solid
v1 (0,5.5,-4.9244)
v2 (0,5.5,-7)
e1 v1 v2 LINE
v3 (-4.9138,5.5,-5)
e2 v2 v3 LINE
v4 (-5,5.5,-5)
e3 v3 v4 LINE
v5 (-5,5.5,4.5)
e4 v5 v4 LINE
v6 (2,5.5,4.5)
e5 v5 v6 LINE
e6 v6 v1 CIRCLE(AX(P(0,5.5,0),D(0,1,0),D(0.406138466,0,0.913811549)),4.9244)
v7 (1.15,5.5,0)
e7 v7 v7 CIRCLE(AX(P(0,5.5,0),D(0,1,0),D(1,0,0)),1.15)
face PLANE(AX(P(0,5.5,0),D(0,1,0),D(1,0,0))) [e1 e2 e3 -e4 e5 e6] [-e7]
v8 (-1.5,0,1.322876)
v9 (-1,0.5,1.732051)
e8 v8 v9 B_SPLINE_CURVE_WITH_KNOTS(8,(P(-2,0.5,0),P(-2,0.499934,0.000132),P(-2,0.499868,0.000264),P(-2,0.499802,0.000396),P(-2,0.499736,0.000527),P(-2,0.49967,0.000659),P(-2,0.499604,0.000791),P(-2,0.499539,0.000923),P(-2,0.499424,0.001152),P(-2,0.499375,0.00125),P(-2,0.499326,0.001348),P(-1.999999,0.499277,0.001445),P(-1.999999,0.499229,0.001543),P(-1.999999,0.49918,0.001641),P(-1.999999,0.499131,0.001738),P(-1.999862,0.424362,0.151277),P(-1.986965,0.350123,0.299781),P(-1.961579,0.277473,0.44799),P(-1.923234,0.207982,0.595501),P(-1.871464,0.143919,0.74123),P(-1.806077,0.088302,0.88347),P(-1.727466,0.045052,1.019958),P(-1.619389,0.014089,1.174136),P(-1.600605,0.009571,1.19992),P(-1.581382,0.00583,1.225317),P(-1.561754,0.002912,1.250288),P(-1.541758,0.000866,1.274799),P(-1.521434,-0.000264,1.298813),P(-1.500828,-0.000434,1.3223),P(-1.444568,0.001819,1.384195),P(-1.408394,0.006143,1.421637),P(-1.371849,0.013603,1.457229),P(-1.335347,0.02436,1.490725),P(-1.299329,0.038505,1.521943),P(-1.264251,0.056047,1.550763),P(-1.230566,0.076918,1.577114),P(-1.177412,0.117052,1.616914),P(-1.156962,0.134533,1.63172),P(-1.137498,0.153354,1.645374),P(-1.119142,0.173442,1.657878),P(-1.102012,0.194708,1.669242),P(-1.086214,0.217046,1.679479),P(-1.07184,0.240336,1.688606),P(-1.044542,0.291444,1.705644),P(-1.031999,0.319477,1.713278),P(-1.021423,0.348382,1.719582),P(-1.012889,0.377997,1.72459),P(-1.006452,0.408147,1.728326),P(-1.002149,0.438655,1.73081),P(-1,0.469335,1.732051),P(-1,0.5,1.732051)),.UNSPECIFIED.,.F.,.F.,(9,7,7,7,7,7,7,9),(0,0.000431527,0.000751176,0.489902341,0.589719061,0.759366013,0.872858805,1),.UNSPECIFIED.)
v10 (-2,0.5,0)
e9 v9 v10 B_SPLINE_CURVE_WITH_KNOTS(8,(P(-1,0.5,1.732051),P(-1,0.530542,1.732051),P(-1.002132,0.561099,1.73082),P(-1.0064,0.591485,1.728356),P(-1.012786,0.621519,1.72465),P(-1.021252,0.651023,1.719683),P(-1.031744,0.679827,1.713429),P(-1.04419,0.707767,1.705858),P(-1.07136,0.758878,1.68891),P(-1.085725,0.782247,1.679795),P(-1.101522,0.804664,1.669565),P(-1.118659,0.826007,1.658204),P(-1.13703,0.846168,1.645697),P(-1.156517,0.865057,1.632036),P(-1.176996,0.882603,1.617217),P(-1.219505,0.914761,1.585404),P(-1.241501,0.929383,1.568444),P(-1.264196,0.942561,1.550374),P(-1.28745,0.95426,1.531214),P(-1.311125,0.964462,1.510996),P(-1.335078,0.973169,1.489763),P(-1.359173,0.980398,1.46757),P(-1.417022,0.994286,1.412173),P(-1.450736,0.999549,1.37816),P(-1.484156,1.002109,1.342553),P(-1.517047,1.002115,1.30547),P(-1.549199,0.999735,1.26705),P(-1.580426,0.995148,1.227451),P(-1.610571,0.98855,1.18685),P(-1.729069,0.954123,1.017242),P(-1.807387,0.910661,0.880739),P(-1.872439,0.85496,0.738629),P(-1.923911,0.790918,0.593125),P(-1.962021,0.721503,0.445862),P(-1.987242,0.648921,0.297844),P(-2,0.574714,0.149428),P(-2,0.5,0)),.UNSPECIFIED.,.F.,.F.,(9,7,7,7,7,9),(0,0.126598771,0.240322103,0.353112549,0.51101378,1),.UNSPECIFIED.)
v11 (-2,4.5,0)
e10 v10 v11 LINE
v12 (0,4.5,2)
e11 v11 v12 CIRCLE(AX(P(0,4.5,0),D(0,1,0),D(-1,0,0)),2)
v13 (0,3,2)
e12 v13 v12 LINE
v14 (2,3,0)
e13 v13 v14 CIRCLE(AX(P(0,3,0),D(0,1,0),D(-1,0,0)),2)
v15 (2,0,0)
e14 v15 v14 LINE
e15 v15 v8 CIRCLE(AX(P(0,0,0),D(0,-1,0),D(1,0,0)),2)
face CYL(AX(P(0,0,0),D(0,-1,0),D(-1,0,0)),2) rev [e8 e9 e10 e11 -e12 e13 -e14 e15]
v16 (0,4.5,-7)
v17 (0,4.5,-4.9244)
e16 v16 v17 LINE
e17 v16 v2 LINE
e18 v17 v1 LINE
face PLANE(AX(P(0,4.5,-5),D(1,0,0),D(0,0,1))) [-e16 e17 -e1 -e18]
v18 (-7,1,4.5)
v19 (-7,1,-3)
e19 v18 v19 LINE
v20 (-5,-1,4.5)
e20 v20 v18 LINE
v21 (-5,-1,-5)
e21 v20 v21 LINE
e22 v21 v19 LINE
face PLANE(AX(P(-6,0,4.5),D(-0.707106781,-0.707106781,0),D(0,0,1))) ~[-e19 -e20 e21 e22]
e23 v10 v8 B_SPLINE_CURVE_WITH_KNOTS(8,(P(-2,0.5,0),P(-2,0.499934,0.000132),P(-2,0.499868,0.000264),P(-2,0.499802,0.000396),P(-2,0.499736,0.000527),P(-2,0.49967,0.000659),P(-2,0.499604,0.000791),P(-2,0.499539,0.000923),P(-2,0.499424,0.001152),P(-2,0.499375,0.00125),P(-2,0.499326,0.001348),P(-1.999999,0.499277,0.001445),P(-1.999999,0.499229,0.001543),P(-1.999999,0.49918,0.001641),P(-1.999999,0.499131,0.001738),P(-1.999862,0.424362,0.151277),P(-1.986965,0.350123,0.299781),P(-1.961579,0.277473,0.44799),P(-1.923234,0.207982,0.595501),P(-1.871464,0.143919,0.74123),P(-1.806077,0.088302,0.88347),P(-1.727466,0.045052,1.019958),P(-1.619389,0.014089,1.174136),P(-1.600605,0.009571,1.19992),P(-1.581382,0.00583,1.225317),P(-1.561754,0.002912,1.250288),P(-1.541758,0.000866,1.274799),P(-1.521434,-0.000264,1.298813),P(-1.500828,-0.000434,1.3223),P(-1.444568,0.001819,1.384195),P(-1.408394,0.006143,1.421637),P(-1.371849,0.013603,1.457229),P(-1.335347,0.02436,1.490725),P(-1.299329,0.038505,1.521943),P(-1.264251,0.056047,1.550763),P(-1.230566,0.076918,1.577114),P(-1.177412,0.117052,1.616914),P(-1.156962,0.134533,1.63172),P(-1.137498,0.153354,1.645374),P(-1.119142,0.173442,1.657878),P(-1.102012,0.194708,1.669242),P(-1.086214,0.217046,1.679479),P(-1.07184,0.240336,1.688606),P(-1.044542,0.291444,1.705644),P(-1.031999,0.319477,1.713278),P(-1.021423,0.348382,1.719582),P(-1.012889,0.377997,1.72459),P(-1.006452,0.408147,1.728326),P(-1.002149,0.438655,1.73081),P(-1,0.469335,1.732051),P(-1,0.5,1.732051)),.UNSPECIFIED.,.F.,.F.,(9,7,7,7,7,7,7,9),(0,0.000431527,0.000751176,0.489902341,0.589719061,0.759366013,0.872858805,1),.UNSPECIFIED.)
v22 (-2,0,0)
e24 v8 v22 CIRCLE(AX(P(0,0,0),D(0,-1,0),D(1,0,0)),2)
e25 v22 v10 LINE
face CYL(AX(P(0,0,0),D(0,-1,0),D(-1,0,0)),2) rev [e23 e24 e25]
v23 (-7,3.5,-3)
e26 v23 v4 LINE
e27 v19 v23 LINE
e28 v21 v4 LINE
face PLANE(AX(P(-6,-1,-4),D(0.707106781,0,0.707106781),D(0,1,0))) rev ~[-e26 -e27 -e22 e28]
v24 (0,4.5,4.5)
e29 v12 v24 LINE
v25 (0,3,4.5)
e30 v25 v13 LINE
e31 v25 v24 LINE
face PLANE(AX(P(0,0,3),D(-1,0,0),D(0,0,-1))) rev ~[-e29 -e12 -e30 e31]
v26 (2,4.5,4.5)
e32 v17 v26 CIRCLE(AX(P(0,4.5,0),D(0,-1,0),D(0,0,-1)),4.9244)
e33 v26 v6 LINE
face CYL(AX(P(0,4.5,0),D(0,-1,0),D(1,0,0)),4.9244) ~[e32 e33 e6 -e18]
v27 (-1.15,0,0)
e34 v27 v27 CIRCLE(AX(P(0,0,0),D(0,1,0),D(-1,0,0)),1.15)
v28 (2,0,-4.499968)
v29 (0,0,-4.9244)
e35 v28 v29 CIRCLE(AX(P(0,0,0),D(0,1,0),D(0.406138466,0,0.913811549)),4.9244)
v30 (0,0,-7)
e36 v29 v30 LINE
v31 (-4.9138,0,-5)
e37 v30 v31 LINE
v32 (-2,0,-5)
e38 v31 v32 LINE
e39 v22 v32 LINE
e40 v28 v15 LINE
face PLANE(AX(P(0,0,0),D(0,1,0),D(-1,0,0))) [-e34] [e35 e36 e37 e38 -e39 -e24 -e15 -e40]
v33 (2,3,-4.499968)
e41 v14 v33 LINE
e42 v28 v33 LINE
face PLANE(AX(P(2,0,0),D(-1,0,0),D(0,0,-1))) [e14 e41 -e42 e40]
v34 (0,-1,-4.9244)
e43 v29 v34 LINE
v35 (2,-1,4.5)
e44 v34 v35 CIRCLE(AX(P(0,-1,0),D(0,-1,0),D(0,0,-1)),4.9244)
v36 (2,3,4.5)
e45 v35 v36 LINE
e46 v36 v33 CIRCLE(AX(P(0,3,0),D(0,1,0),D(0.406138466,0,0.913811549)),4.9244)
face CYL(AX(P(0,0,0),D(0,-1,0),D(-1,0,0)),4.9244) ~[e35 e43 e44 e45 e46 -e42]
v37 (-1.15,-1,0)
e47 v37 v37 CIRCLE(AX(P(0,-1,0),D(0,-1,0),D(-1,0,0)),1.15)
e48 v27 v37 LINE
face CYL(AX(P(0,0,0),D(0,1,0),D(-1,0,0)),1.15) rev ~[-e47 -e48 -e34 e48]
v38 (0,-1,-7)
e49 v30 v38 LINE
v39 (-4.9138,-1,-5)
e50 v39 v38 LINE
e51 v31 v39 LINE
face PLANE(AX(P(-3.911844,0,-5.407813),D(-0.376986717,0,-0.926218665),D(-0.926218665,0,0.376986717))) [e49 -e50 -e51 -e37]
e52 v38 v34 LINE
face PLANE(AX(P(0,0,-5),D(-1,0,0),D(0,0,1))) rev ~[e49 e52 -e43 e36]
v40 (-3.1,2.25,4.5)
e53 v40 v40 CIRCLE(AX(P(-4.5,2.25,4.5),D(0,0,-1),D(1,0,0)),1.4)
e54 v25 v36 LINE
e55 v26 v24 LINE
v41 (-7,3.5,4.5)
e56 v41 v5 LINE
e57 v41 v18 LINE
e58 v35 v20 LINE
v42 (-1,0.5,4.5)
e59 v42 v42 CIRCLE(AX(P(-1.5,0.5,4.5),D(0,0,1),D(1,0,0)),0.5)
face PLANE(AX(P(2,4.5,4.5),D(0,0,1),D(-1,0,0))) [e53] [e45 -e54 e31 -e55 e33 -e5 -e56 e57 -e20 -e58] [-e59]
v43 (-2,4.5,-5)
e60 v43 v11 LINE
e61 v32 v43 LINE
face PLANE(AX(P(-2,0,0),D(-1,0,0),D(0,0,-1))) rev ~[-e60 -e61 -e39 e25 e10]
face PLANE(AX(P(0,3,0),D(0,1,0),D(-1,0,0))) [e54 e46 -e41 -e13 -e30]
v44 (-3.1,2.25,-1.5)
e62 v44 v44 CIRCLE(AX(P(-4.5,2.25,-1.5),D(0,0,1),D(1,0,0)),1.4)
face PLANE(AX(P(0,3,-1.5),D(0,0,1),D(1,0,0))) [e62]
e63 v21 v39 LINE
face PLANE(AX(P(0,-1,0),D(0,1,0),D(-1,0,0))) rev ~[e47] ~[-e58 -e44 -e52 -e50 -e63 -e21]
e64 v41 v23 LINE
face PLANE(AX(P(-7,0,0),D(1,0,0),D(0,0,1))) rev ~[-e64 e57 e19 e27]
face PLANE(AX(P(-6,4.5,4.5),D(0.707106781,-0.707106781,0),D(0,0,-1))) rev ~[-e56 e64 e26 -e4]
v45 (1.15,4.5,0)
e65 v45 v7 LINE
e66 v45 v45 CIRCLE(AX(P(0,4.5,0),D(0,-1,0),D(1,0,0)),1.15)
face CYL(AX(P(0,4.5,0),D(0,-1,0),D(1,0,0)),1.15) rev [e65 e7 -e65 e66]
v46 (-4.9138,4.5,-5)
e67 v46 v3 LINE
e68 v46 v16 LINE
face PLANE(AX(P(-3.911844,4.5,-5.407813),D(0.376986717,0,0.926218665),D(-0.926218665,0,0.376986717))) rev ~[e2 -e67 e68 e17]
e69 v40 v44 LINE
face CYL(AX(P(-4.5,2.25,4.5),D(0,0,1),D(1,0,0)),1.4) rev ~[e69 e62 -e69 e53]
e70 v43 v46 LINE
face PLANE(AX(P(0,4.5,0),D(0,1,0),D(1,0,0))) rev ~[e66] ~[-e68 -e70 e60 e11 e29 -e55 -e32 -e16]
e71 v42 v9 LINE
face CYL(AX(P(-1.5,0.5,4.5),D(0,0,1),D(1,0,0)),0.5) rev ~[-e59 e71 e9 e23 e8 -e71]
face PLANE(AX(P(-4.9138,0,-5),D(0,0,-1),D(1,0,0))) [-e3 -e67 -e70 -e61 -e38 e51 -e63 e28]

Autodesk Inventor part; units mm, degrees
ref_plane "YZ Plane" through (0, 0, 0) normal (1, 0, 0) x (0, 1, 0)
ref_plane "XZ Plane" through (0, 0, 0) normal (0, 1, 0) x (-1, 0, 0)
ref_plane "XY Plane" through (0, 0, 0) normal (0, 0, 1) x (1, 0, 0)
sketch "スケッチ1" plane through (0, 0, 0) normal (0, 1, 0) x (-1, 0, 0)
  circle A0 centre (0, 0) radius 1.15
  circle A1 centre (0, 0) radius 2
  circle A2 centre (0, 0) radius 5
  line L0 (0, 0) -> (7, 0)
  line L1 (7, 0) -> (7, 4.5)
  line L2 (7, 4.5) -> (0, 4.5)
  line L3 (0, 4.5) -> (0, 0)
  line L4 (0, 0) -> (7, 0)
  line L5 (7, 0) -> (7, -5)
  line L6 (7, -5) -> (0, -5)
  line L7 (0, -5) -> (0, 0)
  line L8 (0, 4.5) -> (-2, 4.5)
  line L9 (-2, 4.5) -> (-2, 0)
  line L10 (-2, 0) -> (0, 0)
  line L11 (0, 0) -> (0, 4.5)
  circle A3 centre (0, 0) radius 3
  line L12 (-2, 0) -> (-2, -5)
  line L13 (-2, -5) -> (0, -5)
  line L14 (2, 0) -> (2, -5)
  circle A4 centre (0, 0) radius 4.9244
  line L15 (-2, 0) -> (-4.9244, 0)
  line L16 (0, -4.9244) -> (0, -5.9244)
  line L17 (0, -5.9244) -> (7, -5.9244)
  line L18 (7, -5.9244) -> (7, -5)
  line L19 (7, -5) -> (0, -5.9244)
  line L20 (0, -5.9244) -> (4.9138, -5)
  line L21 (0, -5) -> (0, -7)
  line L22 (0, -7) -> (4.9138, -5)
  point P0 (0, 2)
  point P1 (-2, 2.2361)
  point P2 (-2, -2.2361)
  point P3 (-2, -4.5826)
  point P4 (-2, -4.5)
  point P5 (0, -4.9244)
  dimension "d2" = 10
  dimension "d0" = 2.3
  dimension "d1" = 4
  dimension "d3" = 7
  dimension "d4" = 4.5
  dimension "d5" = 6
  dimension "d22" = 1
  dimension "d34" = 5
  dimension "d39" = 2
extrude "押し出し1" add sketch "スケッチ1" along normal blind 4.5 contours A1 L3 A3 L0 | L0 A3 L14 | A3 L3 L2 A4 L0 | L0 A4 L14 A3 | A4 L2 A2 L0 | L0 A2 L14 A4 | L0 L5 L6 L14 A2 | A2 L2 L1 L0
extrude "押し出し2" add sketch "スケッチ1" along normal blind 3 contours A1 L9 A3 L3 | L15 A3 L9 | L12 A3 L15 | A3 L9 L8 L3 | A3 L15 A4 L9 | L12 A4 L15 A3
extrude "押し出し3" add sketch "スケッチ1" against normal blind 1 contours L0 A1 L7 A0 | A0 L3 A1 L0 | A0 L10 A1 L3 | L7 A1 L10 A0 | L14 A3 L7 A1 | A1 L3 A3 L0 | L0 A3 L14 | A1 L9 A3 L3 | L7 A3 L12 A1 | A3 L3 L2 A4 L0 | L0 A4 L14 A3 | L14 A4 L7 A3 | L15 A3 L9 | L12 A3 L15 | A3 L9 L8 L3 | L7 A4 L12 A3 | A4 L2 A2 L0 | L0 A2 L14 A4 | L14 A2 L7 A4 | A3 L15 A4 L9 | L12 A4 L15 A3 | L0 L5 L6 L14 A2 | A2 L2 L1 L0 | L14 L6 A2 | L6 L20 L16 | L19 L22 L17 | L20 L22 L19 | L17 L22 L21
sketch "スケッチ2" plane through (0, 4.5, 0) normal (0, 1, 0) x (1, 0, 0)
  circle A0 centre (0, 0) radius 1.15
  circle A1 centre (0, 0) radius 2
  circle A2 centre (0, 0) radius 4.9244
  line L0 (0, 0) -> (2, 0)
  line L1 (2, 0) -> (2, -4.5)
  line L2 (2, -4.5) -> (0, -4.5)
  line L3 (0, -4.5) -> (0, 0)
  line L4 (-2, 5) -> (-7, 5) projected
  line L5 (0, -4.5) -> (-7, -4.5)
  line L6 (-7, -4.5) -> (-7, 5)
  line L7 (-7, 5) -> (0, 5)
  line L8 (0, 5) -> (0, -4.5)
  line L9 (0, 0) -> (2, 0)
  line L10 (2, 0) -> (2, 5)
  line L11 (2, 5) -> (0, 5)
  line L12 (0, 5) -> (0, 0)
  line L13 (0, 5) -> (-7, 5)
  line L14 (0, 5.9244) -> (0, 5)
  line L15 (-7, 5) -> (0, 5.9244)
  line L16 (0, 5.9244) -> (-4.9138, 5)
  line L17 (-2, 5) -> (-7, 5) projected
  line L18 (0, 5) -> (0, 7)
  line L19 (0, 7) -> (-4.9138, 5)
  point P0 (0, 4.9244)
  dimension "d12" = 4
  dimension "d35" = 5
  dimension "d40" = 2
extrude "押し出し4" add sketch "スケッチ2" along normal blind 1 contours L0 A1 L3 A0 | A0 L8 A1 L0 | A0 L3 A1 L8 | L1 L2 L3 A1 | L10 A2 L1 | A1 L8 A2 L10 | A1 L3 L5 A2 L8 | A2 L5 L6 L4 L7 L8 | L7 L4 L16 L14 | L16 L19 L15 | L15 L19 L18
sketch "スケッチ4" plane through (0, 3, 4.5) normal (0, 0, 1) x (1, 0, 0)
  line L0 (-7, 2.5) -> (2, 2.5) projected
  line L1 (-7, 2.5) -> (-4.5, 2.5)
  line L2 (-4.5, 2.5) -> (-4.5, -0.75)
  line L3 (-4.5, -0.75) -> (-7, -0.75)
  line L4 (-7, -0.75) -> (-7, 2.5)
  circle A0 centre (-4.5, -0.75) radius 1.4
  line L5 (0, -3) -> (0, -2.5)
  line L6 (0, -2.5) -> (-1.5, -2.5)
  circle A1 centre (-1.5, -2.5) radius 0.5
  dimension "d23" = 2.5
  dimension "d24" = 3.25
  dimension "d25" = 2.8
  dimension "d26" = 0.5
  dimension "d27" = 1.5
  dimension "d28" = 1
extrude "押し出し6" cut sketch "スケッチ4" against normal blind 6 contours A0 L3 L2 | L2 L3 A0 | A1
chamfer "面取り2" distance 2 angle 45 3 edges at (-7, 5.5, -0.25) (-7, -1, -0.25) (-7, 2.25, -5)
properties part number "rod5.6"
